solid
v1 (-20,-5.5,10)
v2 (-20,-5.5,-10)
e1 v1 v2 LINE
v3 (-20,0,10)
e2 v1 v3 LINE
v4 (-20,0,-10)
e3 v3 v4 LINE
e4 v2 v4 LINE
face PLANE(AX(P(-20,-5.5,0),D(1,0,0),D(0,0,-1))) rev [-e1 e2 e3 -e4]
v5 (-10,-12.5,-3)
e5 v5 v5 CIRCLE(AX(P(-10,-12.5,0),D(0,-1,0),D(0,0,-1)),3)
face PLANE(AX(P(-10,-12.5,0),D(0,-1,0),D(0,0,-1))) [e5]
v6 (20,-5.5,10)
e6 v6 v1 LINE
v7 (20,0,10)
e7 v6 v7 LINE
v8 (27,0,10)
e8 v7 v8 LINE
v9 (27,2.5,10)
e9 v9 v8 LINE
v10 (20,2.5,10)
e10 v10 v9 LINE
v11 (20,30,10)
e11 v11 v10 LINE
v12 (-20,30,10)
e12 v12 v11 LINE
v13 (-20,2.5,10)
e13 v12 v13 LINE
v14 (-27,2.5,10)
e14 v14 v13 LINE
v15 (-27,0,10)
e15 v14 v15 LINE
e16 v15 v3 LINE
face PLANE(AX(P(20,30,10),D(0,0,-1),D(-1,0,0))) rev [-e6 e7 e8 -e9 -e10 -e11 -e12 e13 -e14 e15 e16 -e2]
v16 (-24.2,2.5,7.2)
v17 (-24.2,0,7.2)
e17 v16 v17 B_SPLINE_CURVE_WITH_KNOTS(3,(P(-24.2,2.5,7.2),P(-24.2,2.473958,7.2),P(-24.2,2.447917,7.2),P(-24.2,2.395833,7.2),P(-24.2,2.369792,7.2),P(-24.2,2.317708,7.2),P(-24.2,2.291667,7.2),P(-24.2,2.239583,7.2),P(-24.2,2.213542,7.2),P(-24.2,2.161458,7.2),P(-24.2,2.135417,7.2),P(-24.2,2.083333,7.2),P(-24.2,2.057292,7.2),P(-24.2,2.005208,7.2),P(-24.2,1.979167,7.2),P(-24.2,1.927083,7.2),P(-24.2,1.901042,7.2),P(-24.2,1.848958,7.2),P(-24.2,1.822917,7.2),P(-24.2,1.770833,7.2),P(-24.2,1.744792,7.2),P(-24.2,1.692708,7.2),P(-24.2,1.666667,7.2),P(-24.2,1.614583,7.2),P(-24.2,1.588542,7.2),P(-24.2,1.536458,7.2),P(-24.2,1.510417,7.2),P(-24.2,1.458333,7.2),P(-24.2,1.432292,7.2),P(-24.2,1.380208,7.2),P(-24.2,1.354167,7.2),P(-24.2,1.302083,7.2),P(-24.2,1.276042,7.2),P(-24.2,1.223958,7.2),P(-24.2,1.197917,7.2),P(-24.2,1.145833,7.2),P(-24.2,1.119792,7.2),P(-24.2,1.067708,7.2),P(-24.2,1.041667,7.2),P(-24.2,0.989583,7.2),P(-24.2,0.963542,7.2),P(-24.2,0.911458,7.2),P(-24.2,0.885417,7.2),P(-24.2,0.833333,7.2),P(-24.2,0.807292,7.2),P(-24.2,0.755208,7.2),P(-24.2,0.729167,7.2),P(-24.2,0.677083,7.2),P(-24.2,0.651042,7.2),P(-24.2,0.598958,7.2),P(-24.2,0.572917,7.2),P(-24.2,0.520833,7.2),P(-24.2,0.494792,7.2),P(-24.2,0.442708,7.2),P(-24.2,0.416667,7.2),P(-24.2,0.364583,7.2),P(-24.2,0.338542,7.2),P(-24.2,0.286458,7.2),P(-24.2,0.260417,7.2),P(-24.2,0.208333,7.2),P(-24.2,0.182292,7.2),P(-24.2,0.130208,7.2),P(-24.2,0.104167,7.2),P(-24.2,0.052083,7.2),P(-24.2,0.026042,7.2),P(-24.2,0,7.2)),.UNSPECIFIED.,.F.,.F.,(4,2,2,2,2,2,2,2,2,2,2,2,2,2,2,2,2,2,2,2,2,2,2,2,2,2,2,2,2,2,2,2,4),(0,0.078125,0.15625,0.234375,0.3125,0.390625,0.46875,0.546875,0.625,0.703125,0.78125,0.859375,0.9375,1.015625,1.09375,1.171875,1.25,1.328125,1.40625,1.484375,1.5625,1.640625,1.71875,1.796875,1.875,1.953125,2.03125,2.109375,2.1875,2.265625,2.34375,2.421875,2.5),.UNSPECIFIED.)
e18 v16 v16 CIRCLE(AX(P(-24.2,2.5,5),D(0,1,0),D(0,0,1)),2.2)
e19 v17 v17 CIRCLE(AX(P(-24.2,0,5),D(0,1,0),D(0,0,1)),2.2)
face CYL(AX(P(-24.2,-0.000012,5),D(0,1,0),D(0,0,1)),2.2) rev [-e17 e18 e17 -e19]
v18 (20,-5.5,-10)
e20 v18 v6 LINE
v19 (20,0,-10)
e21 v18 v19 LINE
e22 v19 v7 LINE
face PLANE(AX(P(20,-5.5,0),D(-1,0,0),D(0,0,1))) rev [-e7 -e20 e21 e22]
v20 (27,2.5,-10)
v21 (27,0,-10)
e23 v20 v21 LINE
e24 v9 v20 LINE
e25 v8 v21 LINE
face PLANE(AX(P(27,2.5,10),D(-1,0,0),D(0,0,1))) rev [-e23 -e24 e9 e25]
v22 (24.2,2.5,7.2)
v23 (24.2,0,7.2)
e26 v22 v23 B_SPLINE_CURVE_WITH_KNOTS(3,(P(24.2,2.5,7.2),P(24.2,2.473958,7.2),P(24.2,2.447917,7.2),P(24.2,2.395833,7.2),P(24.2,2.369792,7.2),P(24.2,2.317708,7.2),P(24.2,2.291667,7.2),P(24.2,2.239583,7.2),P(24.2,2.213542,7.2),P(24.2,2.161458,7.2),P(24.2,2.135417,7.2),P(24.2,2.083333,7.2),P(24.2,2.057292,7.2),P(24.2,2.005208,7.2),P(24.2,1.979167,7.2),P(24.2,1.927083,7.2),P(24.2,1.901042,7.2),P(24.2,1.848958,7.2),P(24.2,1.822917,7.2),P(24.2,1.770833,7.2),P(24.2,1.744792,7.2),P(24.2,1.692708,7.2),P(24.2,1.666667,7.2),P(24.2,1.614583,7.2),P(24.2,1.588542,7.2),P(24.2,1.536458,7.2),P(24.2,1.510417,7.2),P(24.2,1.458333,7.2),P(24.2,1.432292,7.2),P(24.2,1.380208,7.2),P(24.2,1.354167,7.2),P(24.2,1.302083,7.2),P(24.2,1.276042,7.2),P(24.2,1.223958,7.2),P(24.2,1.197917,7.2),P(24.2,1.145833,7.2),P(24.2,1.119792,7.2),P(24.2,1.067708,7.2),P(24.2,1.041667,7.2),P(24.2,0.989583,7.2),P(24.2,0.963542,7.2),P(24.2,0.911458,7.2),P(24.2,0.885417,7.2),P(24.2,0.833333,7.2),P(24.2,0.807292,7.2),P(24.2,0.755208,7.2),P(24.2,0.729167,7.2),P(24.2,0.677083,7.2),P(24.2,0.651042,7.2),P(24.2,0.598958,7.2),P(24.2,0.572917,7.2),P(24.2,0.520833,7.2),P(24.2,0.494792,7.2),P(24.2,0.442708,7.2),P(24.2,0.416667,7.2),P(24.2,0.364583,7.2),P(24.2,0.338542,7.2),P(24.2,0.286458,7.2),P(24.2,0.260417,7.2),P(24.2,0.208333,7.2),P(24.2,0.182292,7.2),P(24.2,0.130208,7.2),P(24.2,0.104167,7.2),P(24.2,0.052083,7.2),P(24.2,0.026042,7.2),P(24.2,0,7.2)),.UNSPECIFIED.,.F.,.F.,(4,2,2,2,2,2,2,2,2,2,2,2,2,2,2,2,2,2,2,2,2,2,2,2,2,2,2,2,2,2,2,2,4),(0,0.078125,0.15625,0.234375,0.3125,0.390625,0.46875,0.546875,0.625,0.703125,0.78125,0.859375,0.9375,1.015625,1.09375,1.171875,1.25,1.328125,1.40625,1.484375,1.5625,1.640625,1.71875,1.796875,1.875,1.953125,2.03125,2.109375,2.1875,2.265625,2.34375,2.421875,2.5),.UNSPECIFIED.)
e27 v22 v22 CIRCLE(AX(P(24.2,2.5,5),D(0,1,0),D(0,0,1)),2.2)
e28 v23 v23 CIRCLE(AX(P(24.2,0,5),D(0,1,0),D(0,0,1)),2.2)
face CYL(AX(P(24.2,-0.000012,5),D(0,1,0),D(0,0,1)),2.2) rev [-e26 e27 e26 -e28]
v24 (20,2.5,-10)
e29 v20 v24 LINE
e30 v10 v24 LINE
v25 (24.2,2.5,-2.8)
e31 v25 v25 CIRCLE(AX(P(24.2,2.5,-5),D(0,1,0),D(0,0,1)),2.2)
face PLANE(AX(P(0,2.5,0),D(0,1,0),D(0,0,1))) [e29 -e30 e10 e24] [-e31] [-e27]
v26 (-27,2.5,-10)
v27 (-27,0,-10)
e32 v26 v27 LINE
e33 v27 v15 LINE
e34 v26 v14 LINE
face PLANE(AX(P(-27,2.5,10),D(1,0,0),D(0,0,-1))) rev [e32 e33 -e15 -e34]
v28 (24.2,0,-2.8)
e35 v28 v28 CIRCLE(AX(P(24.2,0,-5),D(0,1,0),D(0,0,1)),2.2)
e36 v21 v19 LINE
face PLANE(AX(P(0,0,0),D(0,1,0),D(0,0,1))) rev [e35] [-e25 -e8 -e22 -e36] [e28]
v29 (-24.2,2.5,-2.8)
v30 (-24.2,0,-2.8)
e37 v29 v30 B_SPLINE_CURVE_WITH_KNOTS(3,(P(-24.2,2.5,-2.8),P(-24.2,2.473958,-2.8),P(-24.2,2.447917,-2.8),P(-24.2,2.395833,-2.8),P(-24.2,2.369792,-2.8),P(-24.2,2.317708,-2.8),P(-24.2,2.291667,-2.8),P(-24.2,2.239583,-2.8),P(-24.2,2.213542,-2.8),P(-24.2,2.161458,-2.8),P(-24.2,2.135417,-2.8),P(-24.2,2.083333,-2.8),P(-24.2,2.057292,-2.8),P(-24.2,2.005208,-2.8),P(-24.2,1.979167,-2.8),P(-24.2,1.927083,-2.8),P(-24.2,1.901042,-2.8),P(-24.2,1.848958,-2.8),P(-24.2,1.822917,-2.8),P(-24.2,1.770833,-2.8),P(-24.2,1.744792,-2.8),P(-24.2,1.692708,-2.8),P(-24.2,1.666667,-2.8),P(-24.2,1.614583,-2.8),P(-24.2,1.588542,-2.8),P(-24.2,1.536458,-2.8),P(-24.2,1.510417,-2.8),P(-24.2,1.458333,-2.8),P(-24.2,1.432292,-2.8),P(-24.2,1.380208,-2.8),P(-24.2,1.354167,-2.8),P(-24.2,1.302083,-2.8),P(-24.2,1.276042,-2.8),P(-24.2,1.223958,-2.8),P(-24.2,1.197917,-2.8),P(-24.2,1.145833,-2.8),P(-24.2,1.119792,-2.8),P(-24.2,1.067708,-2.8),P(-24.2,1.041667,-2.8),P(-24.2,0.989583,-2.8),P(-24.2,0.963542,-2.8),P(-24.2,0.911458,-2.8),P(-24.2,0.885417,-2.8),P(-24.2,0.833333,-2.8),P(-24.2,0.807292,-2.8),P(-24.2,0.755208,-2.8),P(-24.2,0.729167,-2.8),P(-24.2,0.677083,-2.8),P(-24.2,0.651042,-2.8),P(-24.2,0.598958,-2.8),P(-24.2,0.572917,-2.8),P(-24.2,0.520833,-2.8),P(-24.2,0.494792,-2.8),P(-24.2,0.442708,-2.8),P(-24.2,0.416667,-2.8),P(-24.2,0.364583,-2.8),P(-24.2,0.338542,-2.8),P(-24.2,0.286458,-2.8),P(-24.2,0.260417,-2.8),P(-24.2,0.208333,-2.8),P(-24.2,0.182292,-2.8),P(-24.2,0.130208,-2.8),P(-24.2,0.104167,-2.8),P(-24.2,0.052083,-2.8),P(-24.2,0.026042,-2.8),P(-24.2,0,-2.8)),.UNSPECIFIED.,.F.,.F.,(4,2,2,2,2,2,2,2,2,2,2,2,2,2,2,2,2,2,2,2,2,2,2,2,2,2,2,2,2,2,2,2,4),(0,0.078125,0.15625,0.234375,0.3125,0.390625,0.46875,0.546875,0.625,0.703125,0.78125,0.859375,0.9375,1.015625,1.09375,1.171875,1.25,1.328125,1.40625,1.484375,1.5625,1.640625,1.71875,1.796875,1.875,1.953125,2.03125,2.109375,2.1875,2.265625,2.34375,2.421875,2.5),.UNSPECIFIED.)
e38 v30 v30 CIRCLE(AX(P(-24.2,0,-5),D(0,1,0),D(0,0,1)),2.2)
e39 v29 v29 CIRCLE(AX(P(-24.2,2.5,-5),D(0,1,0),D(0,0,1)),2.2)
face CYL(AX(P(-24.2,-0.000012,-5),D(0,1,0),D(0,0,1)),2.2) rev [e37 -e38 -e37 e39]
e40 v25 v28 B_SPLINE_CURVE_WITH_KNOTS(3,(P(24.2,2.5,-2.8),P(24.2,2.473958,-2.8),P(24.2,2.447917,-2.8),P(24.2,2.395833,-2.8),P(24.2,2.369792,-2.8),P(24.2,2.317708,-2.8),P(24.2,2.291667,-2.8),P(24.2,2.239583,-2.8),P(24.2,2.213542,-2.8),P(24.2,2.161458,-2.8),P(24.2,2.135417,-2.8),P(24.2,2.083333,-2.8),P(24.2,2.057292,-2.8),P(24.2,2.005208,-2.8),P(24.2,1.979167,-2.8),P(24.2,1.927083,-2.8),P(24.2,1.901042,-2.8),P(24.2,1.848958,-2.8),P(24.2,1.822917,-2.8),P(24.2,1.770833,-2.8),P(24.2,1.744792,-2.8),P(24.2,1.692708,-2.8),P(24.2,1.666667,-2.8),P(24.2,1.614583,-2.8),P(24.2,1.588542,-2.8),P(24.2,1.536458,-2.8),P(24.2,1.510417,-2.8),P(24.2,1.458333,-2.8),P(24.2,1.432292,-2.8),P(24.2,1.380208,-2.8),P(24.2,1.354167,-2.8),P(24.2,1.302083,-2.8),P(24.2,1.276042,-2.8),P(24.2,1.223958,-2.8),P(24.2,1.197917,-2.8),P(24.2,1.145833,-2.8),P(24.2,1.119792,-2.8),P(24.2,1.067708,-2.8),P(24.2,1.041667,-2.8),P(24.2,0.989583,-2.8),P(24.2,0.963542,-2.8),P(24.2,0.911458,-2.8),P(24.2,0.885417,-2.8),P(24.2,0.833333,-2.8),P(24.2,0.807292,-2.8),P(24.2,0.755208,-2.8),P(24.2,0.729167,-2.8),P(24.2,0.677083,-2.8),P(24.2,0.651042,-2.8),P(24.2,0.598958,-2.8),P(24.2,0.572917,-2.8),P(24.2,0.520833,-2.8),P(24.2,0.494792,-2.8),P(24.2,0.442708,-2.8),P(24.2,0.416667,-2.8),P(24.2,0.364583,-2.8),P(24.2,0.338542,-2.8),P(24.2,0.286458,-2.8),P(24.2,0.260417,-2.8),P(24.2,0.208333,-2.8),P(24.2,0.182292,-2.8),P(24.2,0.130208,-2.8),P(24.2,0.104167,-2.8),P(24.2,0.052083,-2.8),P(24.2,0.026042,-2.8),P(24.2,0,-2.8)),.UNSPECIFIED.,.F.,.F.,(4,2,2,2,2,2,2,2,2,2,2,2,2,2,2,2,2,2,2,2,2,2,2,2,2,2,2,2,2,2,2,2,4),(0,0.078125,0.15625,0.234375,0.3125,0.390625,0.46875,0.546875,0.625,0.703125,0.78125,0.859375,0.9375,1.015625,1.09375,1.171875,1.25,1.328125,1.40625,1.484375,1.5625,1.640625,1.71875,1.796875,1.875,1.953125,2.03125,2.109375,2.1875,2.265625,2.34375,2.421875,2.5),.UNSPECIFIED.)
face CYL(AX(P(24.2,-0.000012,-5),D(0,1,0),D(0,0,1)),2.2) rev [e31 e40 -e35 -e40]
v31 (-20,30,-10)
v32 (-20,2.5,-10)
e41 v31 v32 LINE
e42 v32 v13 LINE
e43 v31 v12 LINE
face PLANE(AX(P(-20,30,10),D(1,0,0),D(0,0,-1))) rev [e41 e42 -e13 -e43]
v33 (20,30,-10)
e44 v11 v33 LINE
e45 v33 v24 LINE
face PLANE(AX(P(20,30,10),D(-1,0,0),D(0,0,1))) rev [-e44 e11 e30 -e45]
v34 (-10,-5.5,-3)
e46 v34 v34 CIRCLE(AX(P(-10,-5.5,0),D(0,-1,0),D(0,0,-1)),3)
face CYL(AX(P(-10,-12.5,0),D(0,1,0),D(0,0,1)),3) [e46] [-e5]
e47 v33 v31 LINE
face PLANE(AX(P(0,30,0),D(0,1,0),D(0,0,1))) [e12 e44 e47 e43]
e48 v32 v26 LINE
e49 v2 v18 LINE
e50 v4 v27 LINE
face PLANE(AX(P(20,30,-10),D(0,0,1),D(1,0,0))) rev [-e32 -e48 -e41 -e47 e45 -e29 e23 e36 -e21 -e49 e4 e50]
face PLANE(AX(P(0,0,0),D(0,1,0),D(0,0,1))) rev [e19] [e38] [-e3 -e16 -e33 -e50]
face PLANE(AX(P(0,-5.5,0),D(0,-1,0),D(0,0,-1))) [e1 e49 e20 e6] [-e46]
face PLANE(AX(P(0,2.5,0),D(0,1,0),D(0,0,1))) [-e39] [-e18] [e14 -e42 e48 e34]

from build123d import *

# Parameters (mm, degrees)
SKETCH_1_W               = 40
SKETCH_1_H               = 20
EXTRUDE_2_DEPTH          = 30
SKETCH_3_W               = 54
SKETCH_3_H               = 20
EXTRUDE_3_DEPTH          = 2.5
CUT_EXTRUDE_3_DEPTH      = 42.581245773
CUT_EXTRUDE_3_DEPTH_BACK = 42.581245773
SKETCH_4_R               = 2.2
SKETCH_5_W               = 40
SKETCH_5_H               = 20
EXTRUDE_4_DEPTH          = 5.5
EXTRUDE_START            = -5.5
SKETCH_6_R               = 3
EXTRUDE_5_DEPTH          = 7


with BuildPart() as part:
    # 草图1 → 凸台-拉伸2 (new body)
    with BuildSketch(Plane(origin=(0, 0, 0), x_dir=(1, 0, 0), z_dir=(0, 1, 0))):
        Rectangle(SKETCH_1_W, SKETCH_1_H)
    extrude(amount=EXTRUDE_2_DEPTH)

    # 草图3 → 凸台-拉伸3 (add)
    with BuildSketch(Plane(origin=(0, 0, 0), x_dir=(1, 0, 0), z_dir=(0, 1, 0))):
        Rectangle(SKETCH_3_W, SKETCH_3_H)
    extrude(amount=EXTRUDE_3_DEPTH)

    # 草图4 → 切除-拉伸3 (cut, two sides: drawn at the far end of the back side and taken through both)
    with BuildSketch(Plane(origin=(0, 0, 0), x_dir=(1, 0, 0), z_dir=(0, 1, 0)).offset(-CUT_EXTRUDE_3_DEPTH_BACK)):
        with Locations(Location((-24.2, -5, 0), (0, 0, 270))):
            Circle(SKETCH_4_R)
        with Locations(Location((-24.2, 5, 0), (0, 0, 270))):
            Circle(SKETCH_4_R)
        with Locations(Location((24.2, -5, 0), (0, 0, 270))):
            Circle(SKETCH_4_R)
        with Locations(Location((24.2, 5, 0), (0, 0, 270))):
            Circle(SKETCH_4_R)
    extrude(amount=CUT_EXTRUDE_3_DEPTH + CUT_EXTRUDE_3_DEPTH_BACK, mode=Mode.SUBTRACT)

    # 草图5 → 凸台-拉伸4 (add)
    with BuildSketch(Plane(origin=(0, 0, 0), x_dir=(1, 0, 0), z_dir=(0, 1, 0))):
        Rectangle(SKETCH_5_W, SKETCH_5_H)
    extrude(amount=-EXTRUDE_4_DEPTH)

    # 草图6 → 凸台-拉伸5 (add)
    with BuildSketch(Plane(origin=(0, 0, 0), x_dir=(1, 0, 0), z_dir=(0, 1, 0)).offset(EXTRUDE_START)):
        with Locations(Location((-10, 0, 0), (0, 0, 90))):
            Circle(SKETCH_6_R)
    extrude(amount=-EXTRUDE_5_DEPTH)


solid = part.part
